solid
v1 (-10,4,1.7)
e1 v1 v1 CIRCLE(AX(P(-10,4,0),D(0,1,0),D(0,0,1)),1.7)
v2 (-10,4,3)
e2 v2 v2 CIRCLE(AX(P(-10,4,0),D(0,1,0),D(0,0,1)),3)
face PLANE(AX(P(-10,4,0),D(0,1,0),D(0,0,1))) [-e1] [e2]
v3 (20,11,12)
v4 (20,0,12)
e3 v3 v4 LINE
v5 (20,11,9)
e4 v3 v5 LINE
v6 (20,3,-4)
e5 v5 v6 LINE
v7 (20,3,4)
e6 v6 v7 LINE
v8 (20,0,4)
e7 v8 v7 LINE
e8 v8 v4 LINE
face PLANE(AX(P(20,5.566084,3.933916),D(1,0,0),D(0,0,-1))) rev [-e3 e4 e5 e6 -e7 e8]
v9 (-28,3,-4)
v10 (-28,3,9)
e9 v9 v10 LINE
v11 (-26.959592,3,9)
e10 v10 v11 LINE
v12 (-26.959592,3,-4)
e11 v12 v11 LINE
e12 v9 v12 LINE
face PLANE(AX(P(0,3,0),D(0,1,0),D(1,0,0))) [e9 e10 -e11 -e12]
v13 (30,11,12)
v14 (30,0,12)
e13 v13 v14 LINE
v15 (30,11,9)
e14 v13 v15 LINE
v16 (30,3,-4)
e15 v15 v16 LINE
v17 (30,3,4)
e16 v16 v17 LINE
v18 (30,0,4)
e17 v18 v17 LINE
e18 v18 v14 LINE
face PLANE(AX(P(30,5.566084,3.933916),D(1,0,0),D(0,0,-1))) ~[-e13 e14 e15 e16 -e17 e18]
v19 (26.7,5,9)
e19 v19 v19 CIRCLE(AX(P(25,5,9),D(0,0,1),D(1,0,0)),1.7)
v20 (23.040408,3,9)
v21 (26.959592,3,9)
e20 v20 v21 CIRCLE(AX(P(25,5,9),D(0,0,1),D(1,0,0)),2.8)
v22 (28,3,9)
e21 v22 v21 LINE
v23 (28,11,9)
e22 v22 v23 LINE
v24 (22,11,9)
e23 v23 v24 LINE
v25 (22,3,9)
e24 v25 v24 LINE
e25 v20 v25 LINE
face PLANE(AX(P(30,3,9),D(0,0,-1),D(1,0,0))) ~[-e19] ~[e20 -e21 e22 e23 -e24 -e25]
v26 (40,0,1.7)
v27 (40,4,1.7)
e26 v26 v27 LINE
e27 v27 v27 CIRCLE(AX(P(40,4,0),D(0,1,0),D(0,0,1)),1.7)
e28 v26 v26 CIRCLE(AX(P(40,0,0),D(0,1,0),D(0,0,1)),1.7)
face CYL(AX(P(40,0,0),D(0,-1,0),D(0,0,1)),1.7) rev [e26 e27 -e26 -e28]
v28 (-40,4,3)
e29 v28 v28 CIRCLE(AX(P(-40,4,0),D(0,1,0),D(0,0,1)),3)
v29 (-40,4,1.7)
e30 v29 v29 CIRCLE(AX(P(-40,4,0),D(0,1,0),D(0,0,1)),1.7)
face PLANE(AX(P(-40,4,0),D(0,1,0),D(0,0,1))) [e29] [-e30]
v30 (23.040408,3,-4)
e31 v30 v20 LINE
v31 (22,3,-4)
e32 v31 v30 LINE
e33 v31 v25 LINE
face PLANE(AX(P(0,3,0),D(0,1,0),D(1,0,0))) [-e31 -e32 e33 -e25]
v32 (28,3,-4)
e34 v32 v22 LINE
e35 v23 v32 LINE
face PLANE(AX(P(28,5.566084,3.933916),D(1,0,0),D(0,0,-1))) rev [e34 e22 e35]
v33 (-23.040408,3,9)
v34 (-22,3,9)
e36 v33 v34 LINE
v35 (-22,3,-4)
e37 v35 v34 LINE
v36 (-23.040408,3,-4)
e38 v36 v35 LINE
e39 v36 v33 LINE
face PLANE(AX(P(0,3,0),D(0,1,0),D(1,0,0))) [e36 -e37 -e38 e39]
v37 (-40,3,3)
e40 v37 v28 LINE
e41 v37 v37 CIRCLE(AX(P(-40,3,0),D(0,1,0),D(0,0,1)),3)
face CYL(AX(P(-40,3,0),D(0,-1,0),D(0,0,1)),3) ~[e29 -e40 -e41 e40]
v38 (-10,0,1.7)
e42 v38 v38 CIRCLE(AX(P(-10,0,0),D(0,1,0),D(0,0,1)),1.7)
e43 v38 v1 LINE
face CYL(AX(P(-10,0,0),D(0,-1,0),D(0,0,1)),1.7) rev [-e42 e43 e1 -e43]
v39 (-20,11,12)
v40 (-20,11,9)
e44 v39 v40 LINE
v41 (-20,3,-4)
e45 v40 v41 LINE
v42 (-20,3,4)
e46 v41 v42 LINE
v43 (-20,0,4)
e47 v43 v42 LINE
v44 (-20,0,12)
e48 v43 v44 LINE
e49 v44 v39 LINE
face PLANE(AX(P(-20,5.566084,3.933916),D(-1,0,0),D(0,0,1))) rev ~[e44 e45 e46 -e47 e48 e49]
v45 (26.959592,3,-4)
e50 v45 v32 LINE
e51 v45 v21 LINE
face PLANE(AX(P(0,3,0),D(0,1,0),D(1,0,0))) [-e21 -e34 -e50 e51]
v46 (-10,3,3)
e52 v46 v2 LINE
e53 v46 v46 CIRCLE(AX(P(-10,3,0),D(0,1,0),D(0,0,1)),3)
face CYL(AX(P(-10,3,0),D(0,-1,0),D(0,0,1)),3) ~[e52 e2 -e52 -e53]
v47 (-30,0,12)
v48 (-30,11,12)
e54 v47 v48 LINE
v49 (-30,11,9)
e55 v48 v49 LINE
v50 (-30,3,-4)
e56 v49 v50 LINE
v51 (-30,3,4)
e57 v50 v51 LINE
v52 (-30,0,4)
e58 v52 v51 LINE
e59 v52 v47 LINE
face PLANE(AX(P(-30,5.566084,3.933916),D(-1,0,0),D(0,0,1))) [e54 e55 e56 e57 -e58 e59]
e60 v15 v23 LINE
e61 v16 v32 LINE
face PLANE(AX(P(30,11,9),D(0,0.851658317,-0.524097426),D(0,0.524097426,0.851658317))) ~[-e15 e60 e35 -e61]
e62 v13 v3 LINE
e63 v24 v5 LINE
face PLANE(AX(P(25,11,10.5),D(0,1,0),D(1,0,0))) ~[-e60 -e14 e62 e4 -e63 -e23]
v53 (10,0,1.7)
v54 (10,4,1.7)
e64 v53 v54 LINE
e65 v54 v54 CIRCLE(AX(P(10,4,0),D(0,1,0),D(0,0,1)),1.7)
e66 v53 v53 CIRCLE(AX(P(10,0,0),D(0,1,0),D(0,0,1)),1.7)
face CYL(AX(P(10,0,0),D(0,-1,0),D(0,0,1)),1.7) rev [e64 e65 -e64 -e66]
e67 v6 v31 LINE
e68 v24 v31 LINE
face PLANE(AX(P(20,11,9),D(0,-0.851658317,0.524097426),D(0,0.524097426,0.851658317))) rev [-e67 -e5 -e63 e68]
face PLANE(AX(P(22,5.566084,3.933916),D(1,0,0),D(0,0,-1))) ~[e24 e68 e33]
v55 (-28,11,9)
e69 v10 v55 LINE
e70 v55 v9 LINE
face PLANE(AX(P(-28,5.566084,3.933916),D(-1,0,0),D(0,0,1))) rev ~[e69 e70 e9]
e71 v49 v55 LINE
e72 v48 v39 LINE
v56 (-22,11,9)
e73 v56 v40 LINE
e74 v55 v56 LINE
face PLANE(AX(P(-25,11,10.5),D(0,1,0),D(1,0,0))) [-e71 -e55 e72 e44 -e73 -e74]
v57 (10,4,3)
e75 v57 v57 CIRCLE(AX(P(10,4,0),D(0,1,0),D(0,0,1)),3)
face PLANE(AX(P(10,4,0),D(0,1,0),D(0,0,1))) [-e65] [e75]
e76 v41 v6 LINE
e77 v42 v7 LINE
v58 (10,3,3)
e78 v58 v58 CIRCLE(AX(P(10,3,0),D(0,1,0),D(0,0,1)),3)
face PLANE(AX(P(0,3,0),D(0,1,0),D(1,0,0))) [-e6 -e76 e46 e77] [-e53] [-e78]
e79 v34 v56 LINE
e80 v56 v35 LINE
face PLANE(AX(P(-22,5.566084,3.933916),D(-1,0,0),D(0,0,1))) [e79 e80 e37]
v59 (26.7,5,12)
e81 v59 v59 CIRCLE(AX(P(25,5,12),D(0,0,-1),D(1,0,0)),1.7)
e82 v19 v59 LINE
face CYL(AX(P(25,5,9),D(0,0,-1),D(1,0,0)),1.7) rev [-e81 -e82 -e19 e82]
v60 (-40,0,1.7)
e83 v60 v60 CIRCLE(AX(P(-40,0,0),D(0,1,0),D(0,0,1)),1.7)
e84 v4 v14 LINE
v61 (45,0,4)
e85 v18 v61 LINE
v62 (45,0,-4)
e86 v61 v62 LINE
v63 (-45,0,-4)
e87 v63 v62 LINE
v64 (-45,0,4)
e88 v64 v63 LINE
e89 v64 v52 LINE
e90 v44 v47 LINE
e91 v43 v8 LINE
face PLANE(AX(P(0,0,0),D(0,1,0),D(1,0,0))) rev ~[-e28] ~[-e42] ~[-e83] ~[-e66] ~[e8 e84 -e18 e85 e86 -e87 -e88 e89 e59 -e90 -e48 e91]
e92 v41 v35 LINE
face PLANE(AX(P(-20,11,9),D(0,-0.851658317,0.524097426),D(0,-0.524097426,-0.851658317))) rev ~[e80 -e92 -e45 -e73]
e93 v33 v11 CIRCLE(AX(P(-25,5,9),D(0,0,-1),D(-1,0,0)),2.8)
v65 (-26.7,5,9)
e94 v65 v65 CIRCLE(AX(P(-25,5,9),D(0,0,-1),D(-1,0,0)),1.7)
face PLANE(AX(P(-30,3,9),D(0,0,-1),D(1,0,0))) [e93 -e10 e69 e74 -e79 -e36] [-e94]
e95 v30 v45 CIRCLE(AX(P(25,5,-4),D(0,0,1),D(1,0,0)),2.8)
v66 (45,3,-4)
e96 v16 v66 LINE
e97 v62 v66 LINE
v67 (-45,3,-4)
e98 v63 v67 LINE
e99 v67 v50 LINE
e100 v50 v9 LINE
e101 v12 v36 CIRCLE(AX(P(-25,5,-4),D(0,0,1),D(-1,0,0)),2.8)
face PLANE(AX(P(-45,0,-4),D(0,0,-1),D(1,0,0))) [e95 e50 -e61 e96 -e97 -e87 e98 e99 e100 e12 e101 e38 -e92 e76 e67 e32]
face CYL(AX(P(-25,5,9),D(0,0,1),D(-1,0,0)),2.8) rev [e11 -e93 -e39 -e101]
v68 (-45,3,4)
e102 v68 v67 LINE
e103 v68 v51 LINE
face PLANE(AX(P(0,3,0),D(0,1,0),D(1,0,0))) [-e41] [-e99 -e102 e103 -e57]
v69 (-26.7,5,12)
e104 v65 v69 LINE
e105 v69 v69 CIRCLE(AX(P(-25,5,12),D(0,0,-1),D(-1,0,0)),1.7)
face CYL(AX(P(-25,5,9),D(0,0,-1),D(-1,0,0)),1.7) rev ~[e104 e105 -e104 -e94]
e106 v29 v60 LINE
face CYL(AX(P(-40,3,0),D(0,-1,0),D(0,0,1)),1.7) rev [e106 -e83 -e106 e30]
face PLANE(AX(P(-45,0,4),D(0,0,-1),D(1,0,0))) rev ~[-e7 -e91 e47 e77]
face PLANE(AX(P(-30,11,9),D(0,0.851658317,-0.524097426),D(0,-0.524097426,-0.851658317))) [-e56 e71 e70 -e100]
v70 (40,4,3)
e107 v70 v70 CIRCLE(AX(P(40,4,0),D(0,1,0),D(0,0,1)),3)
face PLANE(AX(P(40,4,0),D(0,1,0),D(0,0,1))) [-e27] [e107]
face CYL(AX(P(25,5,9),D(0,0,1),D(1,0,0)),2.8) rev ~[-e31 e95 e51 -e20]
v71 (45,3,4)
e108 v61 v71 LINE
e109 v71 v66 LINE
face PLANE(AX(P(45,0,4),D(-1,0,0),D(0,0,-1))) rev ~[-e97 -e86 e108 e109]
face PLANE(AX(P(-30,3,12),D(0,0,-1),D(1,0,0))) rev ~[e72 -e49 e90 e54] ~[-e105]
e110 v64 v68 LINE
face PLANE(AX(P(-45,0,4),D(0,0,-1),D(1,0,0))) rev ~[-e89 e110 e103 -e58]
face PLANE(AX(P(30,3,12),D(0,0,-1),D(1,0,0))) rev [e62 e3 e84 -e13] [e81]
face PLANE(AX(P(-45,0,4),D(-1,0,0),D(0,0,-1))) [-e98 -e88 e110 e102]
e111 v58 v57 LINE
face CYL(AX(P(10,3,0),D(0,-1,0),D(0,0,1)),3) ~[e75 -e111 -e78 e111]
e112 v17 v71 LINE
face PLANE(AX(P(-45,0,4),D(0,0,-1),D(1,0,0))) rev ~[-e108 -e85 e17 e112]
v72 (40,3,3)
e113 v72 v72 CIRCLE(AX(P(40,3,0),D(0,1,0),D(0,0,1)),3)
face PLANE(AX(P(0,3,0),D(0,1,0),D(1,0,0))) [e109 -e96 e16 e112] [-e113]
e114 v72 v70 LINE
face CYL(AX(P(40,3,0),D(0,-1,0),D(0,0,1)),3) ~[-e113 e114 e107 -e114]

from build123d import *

# Parameters (mm, degrees)
SKETCH_1_W          = 90
SKETCH_1_H          = 8
SKETCH_1_R          = 1.7
EXTRUDE_1_DEPTH     = 3
SKETCH_2_W          = 10
SKETCH_2_H          = 3
EXTRUDE_2_DEPTH     = 8
SKETCH_3_W          = 10
SKETCH_3_H          = 3
EXTRUDE_3_DEPTH     = 8
SKETCH_4_R          = 1.7
CUT_EXTRUDE_1_DEPTH = 49.114446895
EXTRUDE_4_DEPTH     = 2
EXTRUDE_5_DEPTH     = 2
SKETCH_7_R          = 2.8
CUT_EXTRUDE_2_DEPTH = 49.114446895
SKETCH_8_R          = 3
SKETCH_8_R_2        = 1.7
EXTRUDE_6_DEPTH     = 1


with BuildPart() as part:
    # 草图1 → 凸台-拉伸1 (new body)
    with BuildSketch(Plane(origin=(0, 0, 0), x_dir=(1, 0, 0), z_dir=(0, 1, 0))):
        Rectangle(SKETCH_1_W, SKETCH_1_H)
        with Locations(Location((-10, 0, 0), (0, 0, 270))):
            Circle(SKETCH_1_R, mode=Mode.SUBTRACT)
        with Locations(Location((10, 0, 0), (0, 0, 270))):
            Circle(SKETCH_1_R, mode=Mode.SUBTRACT)
        with Locations(Location((40, 0, 0), (0, 0, 270))):
            Circle(SKETCH_1_R, mode=Mode.SUBTRACT)
        with Locations(Location((-40, 0, 0), (0, 0, 270))):
            Circle(SKETCH_1_R, mode=Mode.SUBTRACT)
    extrude(amount=EXTRUDE_1_DEPTH)

    # 草图2 → 凸台-拉伸2 (add)
    with BuildSketch(Plane(origin=(0, 0, 4), x_dir=(-1, 0, 0), z_dir=(0, 0, -1))):
        with Locations((25, 1.5)):
            Rectangle(SKETCH_2_W, SKETCH_2_H)
    extrude_2 = extrude(amount=-EXTRUDE_2_DEPTH)

    # 草图3 → 凸台-拉伸3 (add)
    with BuildSketch(Plane(origin=(0, 3, 0), x_dir=(1, 0, 0), z_dir=(0, 1, 0))):
        with Locations((-25, -10.5)):
            Rectangle(SKETCH_3_W, SKETCH_3_H)
    extrude_3 = extrude(amount=EXTRUDE_3_DEPTH)

    # 草图4 → 切除-拉伸1 (cut, through all)
    with BuildSketch(Plane(origin=(0, 0, 9), x_dir=(-1, 0, 0), z_dir=(0, 0, -1))):
        with Locations((25, 5)):
            Circle(SKETCH_4_R)
    cut_extrude_1 = extrude(amount=-CUT_EXTRUDE_1_DEPTH, mode=Mode.SUBTRACT)

    # 草图5 → 凸台-拉伸4 (add)
    with BuildSketch(Plane(origin=(-20, 0, 0), x_dir=(0, 0, -1), z_dir=(1, 0, 0))):
        Polygon((-9, 11), (4, 3), (-9, 3), align=None)
    extrude_4 = extrude(amount=-EXTRUDE_4_DEPTH)

    # 草图6 → 凸台-拉伸5 (add)
    with BuildSketch(Plane.ZY.offset(30)):
        Polygon((9, 11), (-4, 3), (9, 3), align=None)
    extrude_5 = extrude(amount=-EXTRUDE_5_DEPTH)

    # 草图7 → 切除-拉伸2 (cut, through all)
    with BuildSketch(Plane(origin=(0, 0, 9), x_dir=(-1, 0, 0), z_dir=(0, 0, -1))):
        with Locations((25, 5)):
            Circle(SKETCH_7_R)
    cut_extrude_2 = extrude(amount=CUT_EXTRUDE_2_DEPTH, mode=Mode.SUBTRACT)

    # 镜向1: 凸台-拉伸2, 凸台-拉伸3, 切除-拉伸1, 凸台-拉伸4, 凸台-拉伸5, 切除-拉伸2 across plane
    add(extrude_2.mirror(Plane(origin=(0, 0, 0), x_dir=(0, 0, 1), z_dir=(1, 0, 0))))
    add(extrude_3.mirror(Plane(origin=(0, 0, 0), x_dir=(0, 0, 1), z_dir=(1, 0, 0))))
    add(cut_extrude_1.mirror(Plane(origin=(0, 0, 0), x_dir=(0, 0, 1), z_dir=(1, 0, 0))), mode=Mode.SUBTRACT)
    add(extrude_4.mirror(Plane(origin=(0, 0, 0), x_dir=(0, 0, 1), z_dir=(1, 0, 0))))
    add(extrude_5.mirror(Plane(origin=(0, 0, 0), x_dir=(0, 0, 1), z_dir=(1, 0, 0))))
    add(cut_extrude_2.mirror(Plane(origin=(0, 0, 0), x_dir=(0, 0, 1), z_dir=(1, 0, 0))), mode=Mode.SUBTRACT)

    # 草图8 → 凸台-拉伸6 (add)
    # profile 1 of 4: a face of its own
    with BuildSketch(Plane(origin=(0, 3, 0), x_dir=(1, 0, 0), z_dir=(0, 1, 0))):
        with Locations(Location((-40, 0, 0), (0, 0, 270))):
            Circle(SKETCH_8_R)
        with Locations(Location((-40, 0, 0), (0, 0, 270))):
            Circle(SKETCH_8_R_2, mode=Mode.SUBTRACT)
    # profile 2 of 4: a face of its own
    with BuildSketch(Plane(origin=(0, 3, 0), x_dir=(1, 0, 0), z_dir=(0, 1, 0))):
        with Locations(Location((-10, 0, 0), (0, 0, 270))):
            Circle(SKETCH_8_R)
        with Locations(Location((-10, 0, 0), (0, 0, 270))):
            Circle(SKETCH_8_R_2, mode=Mode.SUBTRACT)
    # profile 3 of 4: a face of its own
    with BuildSketch(Plane(origin=(0, 3, 0), x_dir=(1, 0, 0), z_dir=(0, 1, 0))):
        with Locations(Location((10, 0, 0), (0, 0, 270))):
            Circle(SKETCH_8_R)
        with Locations(Location((10, 0, 0), (0, 0, 270))):
            Circle(SKETCH_8_R_2, mode=Mode.SUBTRACT)
    # profile 4 of 4: a face of its own
    with BuildSketch(Plane(origin=(0, 3, 0), x_dir=(1, 0, 0), z_dir=(0, 1, 0))):
        with Locations(Location((40, 0, 0), (0, 0, 270))):
            Circle(SKETCH_8_R)
        with Locations(Location((40, 0, 0), (0, 0, 270))):
            Circle(SKETCH_8_R_2, mode=Mode.SUBTRACT)
    extrude(amount=EXTRUDE_6_DEPTH)


solid = part.part
